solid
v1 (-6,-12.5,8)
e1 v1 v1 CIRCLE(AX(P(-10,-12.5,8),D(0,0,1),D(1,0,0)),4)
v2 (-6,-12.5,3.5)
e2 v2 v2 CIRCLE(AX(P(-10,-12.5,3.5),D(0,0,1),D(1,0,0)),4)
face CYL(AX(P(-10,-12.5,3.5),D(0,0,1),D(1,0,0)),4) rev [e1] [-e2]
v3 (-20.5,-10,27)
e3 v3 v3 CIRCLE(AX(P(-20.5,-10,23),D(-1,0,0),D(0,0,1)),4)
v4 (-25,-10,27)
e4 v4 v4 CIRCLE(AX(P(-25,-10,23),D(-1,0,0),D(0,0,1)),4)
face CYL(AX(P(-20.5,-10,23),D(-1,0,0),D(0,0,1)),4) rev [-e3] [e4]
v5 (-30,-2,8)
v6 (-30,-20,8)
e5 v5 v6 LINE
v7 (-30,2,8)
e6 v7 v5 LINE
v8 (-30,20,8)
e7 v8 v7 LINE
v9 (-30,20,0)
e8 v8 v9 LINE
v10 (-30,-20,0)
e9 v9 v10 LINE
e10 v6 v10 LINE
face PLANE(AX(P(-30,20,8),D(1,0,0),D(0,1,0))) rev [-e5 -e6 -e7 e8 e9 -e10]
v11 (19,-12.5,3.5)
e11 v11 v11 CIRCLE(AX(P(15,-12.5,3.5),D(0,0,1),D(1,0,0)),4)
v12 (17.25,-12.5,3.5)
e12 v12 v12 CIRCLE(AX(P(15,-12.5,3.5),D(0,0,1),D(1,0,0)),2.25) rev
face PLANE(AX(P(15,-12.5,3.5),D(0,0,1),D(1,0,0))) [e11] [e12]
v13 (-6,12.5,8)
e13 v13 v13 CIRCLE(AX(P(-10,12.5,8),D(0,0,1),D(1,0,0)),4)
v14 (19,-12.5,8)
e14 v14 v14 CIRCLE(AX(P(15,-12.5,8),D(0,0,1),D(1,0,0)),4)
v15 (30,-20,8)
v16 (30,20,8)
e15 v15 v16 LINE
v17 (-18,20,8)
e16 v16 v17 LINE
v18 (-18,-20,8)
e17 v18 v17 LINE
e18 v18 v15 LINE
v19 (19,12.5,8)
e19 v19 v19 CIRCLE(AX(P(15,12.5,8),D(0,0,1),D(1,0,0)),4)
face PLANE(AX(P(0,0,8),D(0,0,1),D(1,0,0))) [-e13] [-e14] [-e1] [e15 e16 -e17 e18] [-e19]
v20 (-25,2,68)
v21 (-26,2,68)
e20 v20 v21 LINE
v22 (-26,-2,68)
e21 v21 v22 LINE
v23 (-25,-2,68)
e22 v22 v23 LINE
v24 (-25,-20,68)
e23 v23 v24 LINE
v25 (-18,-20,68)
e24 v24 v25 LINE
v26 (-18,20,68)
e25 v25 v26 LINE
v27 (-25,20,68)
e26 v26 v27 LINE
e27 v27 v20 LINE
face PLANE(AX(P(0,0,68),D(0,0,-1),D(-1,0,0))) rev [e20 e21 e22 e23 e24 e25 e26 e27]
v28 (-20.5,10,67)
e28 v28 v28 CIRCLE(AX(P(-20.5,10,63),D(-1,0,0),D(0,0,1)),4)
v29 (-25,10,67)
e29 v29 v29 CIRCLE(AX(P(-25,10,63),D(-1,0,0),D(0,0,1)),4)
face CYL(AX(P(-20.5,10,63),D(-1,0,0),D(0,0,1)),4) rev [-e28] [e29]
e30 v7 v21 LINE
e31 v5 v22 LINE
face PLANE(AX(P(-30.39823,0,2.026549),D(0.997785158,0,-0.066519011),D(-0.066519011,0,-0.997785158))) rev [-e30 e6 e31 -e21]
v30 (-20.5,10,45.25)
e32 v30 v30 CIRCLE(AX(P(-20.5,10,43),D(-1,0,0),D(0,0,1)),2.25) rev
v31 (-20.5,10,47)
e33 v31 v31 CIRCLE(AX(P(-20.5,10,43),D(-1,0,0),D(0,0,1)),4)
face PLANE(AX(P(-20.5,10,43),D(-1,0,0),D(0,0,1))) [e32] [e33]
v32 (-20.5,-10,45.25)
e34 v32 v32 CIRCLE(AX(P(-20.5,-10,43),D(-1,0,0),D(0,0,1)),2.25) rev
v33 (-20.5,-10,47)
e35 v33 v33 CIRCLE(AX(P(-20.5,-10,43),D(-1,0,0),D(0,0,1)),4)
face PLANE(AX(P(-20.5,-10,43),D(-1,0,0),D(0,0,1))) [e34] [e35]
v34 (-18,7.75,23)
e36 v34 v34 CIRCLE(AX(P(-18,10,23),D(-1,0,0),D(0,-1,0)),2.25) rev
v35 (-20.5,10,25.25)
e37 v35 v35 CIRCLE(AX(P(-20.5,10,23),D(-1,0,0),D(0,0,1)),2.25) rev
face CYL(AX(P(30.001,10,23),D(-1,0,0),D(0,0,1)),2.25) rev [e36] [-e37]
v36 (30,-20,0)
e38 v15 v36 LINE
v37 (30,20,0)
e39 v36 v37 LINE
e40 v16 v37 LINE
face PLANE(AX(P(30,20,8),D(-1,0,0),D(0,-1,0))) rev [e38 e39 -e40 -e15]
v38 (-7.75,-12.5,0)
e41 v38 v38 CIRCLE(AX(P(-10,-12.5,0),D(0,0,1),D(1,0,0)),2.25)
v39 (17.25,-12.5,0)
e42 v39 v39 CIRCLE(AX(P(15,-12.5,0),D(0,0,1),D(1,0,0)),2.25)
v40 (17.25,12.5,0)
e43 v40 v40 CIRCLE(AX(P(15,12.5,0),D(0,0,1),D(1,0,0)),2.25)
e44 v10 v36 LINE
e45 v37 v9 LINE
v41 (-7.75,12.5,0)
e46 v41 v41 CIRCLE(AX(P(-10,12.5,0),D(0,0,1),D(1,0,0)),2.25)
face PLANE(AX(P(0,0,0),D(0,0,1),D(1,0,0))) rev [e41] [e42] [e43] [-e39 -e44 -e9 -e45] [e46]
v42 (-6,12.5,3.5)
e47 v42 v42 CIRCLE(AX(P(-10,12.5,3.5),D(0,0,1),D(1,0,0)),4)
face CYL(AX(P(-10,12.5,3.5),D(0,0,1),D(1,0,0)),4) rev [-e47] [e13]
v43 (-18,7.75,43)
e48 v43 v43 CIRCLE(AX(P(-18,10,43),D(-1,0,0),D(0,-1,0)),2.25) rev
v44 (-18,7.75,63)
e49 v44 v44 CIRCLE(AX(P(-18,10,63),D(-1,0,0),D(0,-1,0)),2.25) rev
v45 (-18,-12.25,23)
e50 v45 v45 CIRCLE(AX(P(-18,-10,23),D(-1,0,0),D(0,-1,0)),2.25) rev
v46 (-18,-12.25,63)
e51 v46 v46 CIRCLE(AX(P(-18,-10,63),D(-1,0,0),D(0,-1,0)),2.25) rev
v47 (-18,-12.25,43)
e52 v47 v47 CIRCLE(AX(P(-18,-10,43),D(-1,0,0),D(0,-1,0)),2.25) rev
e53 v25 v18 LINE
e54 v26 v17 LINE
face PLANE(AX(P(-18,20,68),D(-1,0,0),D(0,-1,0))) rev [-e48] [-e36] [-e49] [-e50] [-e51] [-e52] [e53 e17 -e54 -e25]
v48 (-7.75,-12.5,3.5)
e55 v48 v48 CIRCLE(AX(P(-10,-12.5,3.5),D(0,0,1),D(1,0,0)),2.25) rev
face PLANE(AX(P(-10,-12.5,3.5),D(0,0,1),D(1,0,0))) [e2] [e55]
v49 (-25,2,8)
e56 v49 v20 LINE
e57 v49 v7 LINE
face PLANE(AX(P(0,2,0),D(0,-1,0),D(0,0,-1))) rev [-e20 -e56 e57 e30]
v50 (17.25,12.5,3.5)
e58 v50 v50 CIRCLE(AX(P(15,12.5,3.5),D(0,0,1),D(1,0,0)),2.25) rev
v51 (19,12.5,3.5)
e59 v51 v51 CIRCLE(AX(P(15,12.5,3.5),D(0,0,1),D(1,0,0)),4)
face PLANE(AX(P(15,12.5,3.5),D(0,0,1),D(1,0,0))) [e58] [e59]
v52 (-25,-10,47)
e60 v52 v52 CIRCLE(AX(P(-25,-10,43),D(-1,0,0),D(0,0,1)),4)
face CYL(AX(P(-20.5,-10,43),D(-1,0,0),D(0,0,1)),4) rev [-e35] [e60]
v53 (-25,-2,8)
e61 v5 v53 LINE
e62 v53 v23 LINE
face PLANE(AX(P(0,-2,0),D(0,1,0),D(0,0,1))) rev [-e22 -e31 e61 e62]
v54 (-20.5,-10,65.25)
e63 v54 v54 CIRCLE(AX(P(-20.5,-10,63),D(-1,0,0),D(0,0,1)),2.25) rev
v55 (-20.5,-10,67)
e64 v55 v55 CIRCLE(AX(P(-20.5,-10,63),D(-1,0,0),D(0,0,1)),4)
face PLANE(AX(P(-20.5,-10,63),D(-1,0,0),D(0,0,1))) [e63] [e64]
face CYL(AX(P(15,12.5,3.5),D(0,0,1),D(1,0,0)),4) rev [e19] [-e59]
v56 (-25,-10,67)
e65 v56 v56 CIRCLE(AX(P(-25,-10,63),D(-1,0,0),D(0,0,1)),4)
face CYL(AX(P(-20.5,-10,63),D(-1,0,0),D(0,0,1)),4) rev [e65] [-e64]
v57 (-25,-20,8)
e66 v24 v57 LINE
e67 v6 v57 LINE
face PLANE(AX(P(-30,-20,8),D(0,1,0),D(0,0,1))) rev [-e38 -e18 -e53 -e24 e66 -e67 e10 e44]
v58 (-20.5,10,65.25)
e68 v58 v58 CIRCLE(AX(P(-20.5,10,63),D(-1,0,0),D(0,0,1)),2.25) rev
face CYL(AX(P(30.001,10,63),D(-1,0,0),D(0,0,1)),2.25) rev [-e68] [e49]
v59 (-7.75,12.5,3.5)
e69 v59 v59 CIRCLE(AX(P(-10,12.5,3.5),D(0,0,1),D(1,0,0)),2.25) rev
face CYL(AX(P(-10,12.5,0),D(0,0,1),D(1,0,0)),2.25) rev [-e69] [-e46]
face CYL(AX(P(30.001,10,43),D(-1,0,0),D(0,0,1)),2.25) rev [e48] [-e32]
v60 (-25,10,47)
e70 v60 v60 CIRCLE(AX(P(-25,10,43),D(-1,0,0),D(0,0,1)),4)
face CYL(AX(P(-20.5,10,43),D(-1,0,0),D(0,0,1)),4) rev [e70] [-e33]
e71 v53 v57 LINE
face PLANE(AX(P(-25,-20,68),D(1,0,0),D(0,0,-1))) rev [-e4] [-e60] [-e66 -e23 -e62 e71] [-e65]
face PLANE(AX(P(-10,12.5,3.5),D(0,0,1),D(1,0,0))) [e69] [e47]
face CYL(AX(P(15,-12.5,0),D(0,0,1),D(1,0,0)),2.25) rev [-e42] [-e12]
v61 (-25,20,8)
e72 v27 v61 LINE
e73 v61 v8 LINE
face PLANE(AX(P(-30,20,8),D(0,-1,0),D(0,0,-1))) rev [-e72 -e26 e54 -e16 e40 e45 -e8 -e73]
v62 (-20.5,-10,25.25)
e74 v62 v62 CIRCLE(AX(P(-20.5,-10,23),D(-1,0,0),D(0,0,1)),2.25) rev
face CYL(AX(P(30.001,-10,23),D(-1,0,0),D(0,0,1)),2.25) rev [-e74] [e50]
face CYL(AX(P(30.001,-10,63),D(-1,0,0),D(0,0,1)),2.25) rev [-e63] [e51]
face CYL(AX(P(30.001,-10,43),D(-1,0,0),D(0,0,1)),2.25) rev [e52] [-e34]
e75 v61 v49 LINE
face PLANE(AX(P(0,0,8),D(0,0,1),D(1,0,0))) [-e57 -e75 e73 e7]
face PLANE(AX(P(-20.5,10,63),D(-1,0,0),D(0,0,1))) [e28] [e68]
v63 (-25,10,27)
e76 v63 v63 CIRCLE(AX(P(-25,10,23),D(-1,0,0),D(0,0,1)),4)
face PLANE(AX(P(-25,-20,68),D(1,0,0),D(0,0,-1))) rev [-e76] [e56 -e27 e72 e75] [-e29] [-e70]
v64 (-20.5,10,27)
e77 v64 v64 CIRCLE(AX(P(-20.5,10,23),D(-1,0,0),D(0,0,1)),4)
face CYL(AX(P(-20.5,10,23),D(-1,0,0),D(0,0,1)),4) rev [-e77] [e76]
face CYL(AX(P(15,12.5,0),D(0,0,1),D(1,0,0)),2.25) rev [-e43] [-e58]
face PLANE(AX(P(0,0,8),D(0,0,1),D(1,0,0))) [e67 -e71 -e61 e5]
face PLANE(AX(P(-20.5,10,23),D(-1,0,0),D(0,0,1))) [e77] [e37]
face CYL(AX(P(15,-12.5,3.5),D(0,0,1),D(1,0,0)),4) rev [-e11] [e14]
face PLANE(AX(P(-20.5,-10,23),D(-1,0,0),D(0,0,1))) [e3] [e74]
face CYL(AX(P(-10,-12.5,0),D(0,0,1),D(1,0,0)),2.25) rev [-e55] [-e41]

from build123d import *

# Parameters (mm, degrees)
SKETCH_1_W             = 60
SKETCH_1_H             = 40
EXTRUDE_2_DEPTH        = 8
SKETCH_3_R             = 2.25
CUT_EXTRUDE_1_DEPTH    = 8
SKETCH_4_R             = 4
CUT_EXTRUDE_2_DEPTH    = 4.5
SKETCH_5_W             = 7
SKETCH_5_H             = 40
EXTRUDE_3_DEPTH        = 60
CUT_EXTRUDE_3_REACH    = 91.716
SKETCH_6_R             = 2.25
SKETCH_7_R             = 4
CUT_EXTRUDE_4_DEPTH    = 4.5
PATTERN_LINEAR_1_COUNT = 3
PATTERN_LINEAR_1_PITCH = 20


with BuildPart() as part:
    # 草图1 → 凸台-拉伸2 (new body)
    with BuildSketch(Plane.XY):
        Rectangle(SKETCH_1_W, SKETCH_1_H)
    extrude(amount=EXTRUDE_2_DEPTH)

    # 草图3 → 切除-拉伸1 (cut)
    with BuildSketch(Plane.XY.offset(8)):
        with Locations((15, 12.5)):
            Circle(SKETCH_3_R)
        with Locations((15, -12.5)):
            Circle(SKETCH_3_R)
        with Locations((-10, 12.5)):
            Circle(SKETCH_3_R)
        with Locations((-10, -12.5)):
            Circle(SKETCH_3_R)
    extrude(amount=-CUT_EXTRUDE_1_DEPTH, mode=Mode.SUBTRACT)

    # 草图4 → 切除-拉伸2 (cut)
    with BuildSketch(Plane.XY.offset(8)):
        with Locations((15, 12.5)):
            Circle(SKETCH_4_R)
        with Locations((15, -12.5)):
            Circle(SKETCH_4_R)
        with Locations((-10, 12.5)):
            Circle(SKETCH_4_R)
        with Locations((-10, -12.5)):
            Circle(SKETCH_4_R)
    extrude(amount=-CUT_EXTRUDE_2_DEPTH, mode=Mode.SUBTRACT)

    # 草图5 → 凸台-拉伸3 (add)
    with BuildSketch(Plane.XY.offset(8)):
        with Locations((-21.5, 0)):
            Rectangle(SKETCH_5_W, SKETCH_5_H)
    extrude(amount=EXTRUDE_3_DEPTH)

    # 草图6 → 切除-拉伸3 (cut, up to next)
    with BuildSketch(Plane.ZY.offset(25), mode=Mode.PRIVATE) as cut_extrude_3_sk1:
        with Locations((63, 10)):
            Circle(SKETCH_6_R)
    cut_extrude_3_tool1 = extrude(cut_extrude_3_sk1.sketch, amount=-CUT_EXTRUDE_3_REACH, mode=Mode.PRIVATE) & part.part
    # 草图6 → 切除-拉伸3 (cut, up to next)
    with BuildSketch(Plane.ZY.offset(25), mode=Mode.PRIVATE) as cut_extrude_3_sk2:
        with Locations((63, -10)):
            Circle(SKETCH_6_R)
    cut_extrude_3_tool2 = extrude(cut_extrude_3_sk2.sketch, amount=-CUT_EXTRUDE_3_REACH, mode=Mode.PRIVATE) & part.part
    cut_extrude_3_1 = cut_extrude_3_tool1.solids().sort_by_distance((-25, 10, 63))[0]
    add(cut_extrude_3_1, mode=Mode.SUBTRACT)
    cut_extrude_3_2 = cut_extrude_3_tool2.solids().sort_by_distance((-25, -10, 63))[0]
    add(cut_extrude_3_2, mode=Mode.SUBTRACT)
    cut_extrude_3 = cut_extrude_3_1 + cut_extrude_3_2  # 切除-拉伸3 as one shape, for the pattern or mirror that repeats it

    # 草图7 → 切除-拉伸4 (cut)
    with BuildSketch(Plane.ZY.offset(25)):
        with Locations((63, 10)):
            Circle(SKETCH_7_R)
        with Locations((63, -10)):
            Circle(SKETCH_7_R)
    cut_extrude_4 = extrude(amount=-CUT_EXTRUDE_4_DEPTH, mode=Mode.SUBTRACT)

    # 阵列(线性)1: 切除-拉伸3, 切除-拉伸4 ×3
    with Locations(*[(0, 0, -i * PATTERN_LINEAR_1_PITCH) for i in range(1, PATTERN_LINEAR_1_COUNT)]):
        add(cut_extrude_3, mode=Mode.SUBTRACT)
        add(cut_extrude_4, mode=Mode.SUBTRACT)

    # 草图8 → 放样2 section 0
    with BuildSketch(Plane.XY.offset(8)):
        with BuildLine():
            Line((-30, 2), (-30, -2))
            Line((-30, -2), (-25, -2))
            Line((-25, -2), (-25, 2))
            Line((-25, 2), (-30, 2))
        make_face()
    # 草图9 → 放样2 section 1
    with BuildSketch(Plane.XY.offset(68)):
        with BuildLine():
            Line((-25, 2), (-26, 2))
            Line((-26, 2), (-26, -2))
            Line((-26, -2), (-25, -2))
            Line((-25, -2), (-25, 2))
        make_face()
    loft()


solid = part.part
